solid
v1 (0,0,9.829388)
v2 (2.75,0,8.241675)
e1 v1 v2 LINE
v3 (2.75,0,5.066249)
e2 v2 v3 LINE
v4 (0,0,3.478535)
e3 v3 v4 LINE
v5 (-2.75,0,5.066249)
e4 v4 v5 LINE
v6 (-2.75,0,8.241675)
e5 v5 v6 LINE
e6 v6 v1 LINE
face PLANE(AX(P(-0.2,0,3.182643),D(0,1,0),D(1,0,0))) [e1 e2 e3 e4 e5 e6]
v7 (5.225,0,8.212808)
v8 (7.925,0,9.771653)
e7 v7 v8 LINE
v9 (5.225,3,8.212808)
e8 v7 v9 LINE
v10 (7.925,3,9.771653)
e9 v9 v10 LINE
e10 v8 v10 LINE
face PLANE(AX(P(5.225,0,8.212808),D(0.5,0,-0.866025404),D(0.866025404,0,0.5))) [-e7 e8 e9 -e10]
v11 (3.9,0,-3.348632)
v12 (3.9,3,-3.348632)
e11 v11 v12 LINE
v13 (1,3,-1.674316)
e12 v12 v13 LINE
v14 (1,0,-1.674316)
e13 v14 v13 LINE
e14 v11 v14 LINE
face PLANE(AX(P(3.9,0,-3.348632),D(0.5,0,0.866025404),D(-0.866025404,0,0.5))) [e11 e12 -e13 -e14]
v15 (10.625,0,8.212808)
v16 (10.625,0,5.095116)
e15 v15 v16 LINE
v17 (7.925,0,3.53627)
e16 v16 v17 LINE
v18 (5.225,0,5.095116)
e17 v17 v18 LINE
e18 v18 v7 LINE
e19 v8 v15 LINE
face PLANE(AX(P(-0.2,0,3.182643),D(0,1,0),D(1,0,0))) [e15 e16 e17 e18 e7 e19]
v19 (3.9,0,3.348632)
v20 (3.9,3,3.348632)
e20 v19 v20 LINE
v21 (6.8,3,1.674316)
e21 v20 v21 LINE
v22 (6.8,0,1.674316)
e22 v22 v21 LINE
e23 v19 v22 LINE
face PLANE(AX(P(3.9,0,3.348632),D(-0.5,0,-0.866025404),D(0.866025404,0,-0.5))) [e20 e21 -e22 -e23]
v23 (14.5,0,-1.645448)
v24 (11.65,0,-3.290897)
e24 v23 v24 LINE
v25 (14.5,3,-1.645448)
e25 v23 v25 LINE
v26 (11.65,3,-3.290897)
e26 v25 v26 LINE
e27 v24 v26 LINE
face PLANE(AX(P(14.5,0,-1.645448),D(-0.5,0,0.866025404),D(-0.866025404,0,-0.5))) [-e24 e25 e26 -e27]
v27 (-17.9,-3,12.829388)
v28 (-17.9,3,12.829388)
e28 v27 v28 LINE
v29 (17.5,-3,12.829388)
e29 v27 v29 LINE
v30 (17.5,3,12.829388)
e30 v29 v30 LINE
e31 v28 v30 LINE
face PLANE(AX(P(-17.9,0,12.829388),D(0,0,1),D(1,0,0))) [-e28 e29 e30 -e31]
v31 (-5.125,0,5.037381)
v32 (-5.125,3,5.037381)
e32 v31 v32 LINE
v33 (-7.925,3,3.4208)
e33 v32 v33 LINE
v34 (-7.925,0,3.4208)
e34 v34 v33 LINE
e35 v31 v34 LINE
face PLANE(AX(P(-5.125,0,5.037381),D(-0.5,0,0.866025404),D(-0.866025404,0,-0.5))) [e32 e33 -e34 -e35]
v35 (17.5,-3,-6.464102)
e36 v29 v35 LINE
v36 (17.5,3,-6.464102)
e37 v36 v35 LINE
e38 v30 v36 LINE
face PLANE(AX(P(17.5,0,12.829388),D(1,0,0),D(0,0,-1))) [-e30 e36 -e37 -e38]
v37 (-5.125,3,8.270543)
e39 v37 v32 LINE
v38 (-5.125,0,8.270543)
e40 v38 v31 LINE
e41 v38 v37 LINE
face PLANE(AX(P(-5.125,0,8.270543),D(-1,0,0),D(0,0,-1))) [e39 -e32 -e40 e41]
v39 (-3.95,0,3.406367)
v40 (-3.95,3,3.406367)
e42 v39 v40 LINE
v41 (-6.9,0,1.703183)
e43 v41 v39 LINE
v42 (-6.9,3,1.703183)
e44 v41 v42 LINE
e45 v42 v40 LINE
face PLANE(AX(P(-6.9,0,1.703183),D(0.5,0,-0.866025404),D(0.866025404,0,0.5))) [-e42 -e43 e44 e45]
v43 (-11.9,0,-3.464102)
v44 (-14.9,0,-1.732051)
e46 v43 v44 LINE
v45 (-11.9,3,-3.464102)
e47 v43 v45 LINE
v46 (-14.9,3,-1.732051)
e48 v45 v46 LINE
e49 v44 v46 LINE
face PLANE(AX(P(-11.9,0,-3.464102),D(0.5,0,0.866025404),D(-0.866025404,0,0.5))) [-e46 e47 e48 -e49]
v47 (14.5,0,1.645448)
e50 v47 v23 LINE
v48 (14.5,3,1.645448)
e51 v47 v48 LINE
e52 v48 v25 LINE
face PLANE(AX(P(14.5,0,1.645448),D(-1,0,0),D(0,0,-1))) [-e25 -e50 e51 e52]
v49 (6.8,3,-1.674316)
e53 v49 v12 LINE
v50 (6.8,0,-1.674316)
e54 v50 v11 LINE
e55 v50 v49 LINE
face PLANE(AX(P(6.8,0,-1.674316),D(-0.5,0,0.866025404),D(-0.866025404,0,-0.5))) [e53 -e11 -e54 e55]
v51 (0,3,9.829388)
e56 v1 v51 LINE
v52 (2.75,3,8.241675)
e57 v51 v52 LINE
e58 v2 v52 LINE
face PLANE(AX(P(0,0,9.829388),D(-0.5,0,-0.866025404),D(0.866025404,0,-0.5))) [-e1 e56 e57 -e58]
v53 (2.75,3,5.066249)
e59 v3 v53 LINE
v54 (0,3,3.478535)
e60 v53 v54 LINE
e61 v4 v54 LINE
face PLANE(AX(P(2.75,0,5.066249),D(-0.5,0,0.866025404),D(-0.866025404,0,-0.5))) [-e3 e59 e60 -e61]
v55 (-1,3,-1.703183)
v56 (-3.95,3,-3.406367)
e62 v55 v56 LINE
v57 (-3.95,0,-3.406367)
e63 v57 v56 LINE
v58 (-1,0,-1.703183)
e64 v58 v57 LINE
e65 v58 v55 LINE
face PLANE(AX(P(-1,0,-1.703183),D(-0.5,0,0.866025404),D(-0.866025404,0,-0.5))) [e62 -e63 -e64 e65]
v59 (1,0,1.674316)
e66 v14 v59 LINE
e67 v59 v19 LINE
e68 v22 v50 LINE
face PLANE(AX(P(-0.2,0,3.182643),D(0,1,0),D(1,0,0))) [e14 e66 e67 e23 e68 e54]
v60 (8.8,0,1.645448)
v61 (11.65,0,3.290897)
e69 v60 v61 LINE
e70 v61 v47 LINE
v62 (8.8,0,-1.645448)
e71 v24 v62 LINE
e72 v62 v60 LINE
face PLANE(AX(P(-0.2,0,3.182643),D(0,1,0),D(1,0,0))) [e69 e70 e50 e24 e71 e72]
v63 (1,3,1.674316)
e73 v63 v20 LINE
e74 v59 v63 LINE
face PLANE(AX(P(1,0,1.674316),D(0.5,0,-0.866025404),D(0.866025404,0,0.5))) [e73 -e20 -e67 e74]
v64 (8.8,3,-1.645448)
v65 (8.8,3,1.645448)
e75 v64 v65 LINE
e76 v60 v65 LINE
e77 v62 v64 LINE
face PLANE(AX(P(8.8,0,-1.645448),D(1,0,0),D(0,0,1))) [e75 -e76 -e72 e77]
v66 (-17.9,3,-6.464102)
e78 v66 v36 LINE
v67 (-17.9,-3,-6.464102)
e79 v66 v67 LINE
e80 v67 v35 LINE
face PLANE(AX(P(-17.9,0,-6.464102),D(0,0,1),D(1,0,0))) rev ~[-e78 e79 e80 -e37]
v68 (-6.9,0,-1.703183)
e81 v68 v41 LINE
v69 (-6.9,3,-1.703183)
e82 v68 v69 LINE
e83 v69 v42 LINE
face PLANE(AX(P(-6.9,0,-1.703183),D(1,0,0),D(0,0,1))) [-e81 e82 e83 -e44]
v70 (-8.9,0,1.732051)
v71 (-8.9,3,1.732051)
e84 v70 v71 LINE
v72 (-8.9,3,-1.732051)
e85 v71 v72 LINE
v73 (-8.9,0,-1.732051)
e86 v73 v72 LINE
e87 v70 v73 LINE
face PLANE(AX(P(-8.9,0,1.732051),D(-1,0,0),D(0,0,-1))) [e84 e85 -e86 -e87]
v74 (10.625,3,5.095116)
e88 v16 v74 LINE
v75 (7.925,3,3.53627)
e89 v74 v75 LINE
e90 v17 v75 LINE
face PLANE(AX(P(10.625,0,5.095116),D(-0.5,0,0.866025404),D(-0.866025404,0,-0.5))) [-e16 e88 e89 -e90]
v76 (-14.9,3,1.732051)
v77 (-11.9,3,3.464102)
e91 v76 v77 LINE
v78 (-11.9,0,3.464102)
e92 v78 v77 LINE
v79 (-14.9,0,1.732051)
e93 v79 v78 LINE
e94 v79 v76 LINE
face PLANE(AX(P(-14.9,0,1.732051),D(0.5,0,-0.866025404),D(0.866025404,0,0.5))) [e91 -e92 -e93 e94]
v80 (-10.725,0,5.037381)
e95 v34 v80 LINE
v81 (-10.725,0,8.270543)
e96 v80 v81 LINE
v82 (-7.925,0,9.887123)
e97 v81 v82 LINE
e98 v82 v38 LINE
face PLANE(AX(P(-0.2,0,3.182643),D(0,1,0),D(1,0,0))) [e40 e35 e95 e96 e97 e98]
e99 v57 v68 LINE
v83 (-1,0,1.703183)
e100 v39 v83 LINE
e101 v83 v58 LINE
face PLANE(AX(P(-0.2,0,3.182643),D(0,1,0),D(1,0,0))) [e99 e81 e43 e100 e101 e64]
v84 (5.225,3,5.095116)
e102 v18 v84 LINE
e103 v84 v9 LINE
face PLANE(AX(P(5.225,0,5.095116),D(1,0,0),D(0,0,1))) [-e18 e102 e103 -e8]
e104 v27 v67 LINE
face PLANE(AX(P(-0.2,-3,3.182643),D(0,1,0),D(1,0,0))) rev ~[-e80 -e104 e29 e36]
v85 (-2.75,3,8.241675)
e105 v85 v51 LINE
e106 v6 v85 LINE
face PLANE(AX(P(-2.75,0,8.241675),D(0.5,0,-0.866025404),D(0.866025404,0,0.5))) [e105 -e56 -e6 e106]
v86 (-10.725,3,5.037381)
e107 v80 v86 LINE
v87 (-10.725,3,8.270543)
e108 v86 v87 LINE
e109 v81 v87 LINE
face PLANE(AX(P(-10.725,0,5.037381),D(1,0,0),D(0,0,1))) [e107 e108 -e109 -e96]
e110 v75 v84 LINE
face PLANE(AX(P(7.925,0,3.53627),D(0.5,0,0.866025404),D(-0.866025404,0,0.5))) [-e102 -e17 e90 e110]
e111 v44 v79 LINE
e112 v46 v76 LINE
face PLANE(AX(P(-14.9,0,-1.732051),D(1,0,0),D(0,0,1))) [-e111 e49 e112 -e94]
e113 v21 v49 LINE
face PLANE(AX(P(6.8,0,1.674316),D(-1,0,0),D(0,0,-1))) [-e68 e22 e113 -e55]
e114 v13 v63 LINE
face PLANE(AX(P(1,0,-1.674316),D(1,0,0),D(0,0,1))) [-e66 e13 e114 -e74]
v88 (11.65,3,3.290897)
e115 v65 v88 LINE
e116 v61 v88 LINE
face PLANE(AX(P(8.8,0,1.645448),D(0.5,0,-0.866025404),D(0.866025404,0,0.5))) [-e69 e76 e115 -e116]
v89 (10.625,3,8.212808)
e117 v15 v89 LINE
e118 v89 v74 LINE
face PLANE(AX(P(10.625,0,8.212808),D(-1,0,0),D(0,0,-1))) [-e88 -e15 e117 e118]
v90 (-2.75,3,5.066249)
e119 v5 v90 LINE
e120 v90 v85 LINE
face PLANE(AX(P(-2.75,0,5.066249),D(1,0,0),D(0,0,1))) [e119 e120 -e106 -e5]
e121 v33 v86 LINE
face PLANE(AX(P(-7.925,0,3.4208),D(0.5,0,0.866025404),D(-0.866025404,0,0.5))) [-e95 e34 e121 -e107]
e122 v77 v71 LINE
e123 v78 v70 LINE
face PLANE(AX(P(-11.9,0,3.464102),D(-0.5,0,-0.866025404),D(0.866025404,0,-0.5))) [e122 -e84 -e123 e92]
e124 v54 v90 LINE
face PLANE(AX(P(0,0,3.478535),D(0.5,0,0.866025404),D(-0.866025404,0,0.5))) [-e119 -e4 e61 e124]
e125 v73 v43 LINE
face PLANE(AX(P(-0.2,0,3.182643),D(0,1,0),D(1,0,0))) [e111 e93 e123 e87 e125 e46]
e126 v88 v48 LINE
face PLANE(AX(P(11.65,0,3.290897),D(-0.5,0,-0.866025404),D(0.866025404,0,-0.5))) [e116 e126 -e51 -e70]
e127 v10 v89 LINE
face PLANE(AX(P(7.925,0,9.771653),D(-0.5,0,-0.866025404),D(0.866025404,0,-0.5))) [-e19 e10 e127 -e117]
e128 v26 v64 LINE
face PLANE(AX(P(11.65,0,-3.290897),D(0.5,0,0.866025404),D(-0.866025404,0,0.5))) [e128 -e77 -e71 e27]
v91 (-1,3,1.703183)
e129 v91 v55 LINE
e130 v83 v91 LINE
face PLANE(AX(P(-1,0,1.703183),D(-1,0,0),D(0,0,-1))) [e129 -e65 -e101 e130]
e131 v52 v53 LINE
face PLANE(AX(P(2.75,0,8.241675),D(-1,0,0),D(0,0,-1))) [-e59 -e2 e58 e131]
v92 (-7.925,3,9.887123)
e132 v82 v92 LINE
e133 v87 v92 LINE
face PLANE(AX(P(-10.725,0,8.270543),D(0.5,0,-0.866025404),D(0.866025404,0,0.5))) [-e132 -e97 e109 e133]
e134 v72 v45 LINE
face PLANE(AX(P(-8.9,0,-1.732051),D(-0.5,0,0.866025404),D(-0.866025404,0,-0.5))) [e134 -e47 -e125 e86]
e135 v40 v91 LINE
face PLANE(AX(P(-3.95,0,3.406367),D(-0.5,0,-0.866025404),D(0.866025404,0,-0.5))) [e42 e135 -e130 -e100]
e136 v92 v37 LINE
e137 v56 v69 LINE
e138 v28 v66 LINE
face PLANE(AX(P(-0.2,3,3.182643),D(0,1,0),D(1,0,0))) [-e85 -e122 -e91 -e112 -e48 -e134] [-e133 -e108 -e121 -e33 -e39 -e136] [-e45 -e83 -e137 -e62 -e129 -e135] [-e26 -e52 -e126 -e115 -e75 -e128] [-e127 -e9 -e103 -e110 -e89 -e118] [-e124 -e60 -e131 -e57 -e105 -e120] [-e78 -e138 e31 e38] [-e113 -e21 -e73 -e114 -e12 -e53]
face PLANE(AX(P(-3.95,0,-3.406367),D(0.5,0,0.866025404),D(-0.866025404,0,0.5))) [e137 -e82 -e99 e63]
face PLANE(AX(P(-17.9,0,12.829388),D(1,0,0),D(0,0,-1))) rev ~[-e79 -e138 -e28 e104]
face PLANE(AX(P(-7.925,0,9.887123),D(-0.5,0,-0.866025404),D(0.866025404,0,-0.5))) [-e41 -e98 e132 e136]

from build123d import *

# Parameters (mm, degrees)
SKETCH1_W           = 35.4
SKETCH1_H           = 19.293489948
BOSS_EXTRUDE1_DEPTH = 3
SKETCH1_2_W         = 35.4
SKETCH1_2_H         = 19.293489948
BOSS_EXTRUDE2_DEPTH = 3


with BuildPart() as part:
    # Sketch1 → Boss-Extrude1 (new body)
    with BuildSketch(Plane(origin=(0, 0, 0), x_dir=(1, 0, 0), z_dir=(0, 1, 0))):
        with Locations((-0.2, -3.182643359)):
            Rectangle(SKETCH1_W, SKETCH1_H)
        Polygon((-8.9, -1.732050808), (-8.9, 1.732050808), (-11.9, 3.464101615), (-14.9, 1.732050808), (-14.9, -1.732050808), (-11.9, -3.464101615), align=None, mode=Mode.SUBTRACT)
        Polygon((-1, -1.703183294), (-1, 1.703183294), (-3.95, 3.406366588), (-6.9, 1.703183294), (-6.9, -1.703183294), (-3.95, -3.406366588), align=None, mode=Mode.SUBTRACT)
        Polygon((6.8, -1.674315781), (6.8, 1.674315781), (3.9, 3.348631561), (1, 1.674315781), (1, -1.674315781), (3.9, -3.348631561), align=None, mode=Mode.SUBTRACT)
        Polygon((14.5, -1.645448267), (14.5, 1.645448267), (11.65, 3.290896534), (8.8, 1.645448267), (8.8, -1.645448267), (11.65, -3.290896534), align=None, mode=Mode.SUBTRACT)
        Polygon((-7.925, -3.420800345), (-10.725, -5.037381099), (-10.725, -8.270542606), (-7.925, -9.88712336), (-5.125, -8.270542606), (-5.125, -5.037381099), align=None, mode=Mode.SUBTRACT)
        Polygon((7.925, -3.536270399), (5.225, -5.095116126), (5.225, -8.212807579), (7.925, -9.771653306), (10.625, -8.212807579), (10.625, -5.095116126), align=None, mode=Mode.SUBTRACT)
        Polygon((0, -3.478535372), (-2.75, -5.066248612), (-2.75, -8.241675093), (0, -9.829388333), (2.75, -8.241675093), (2.75, -5.066248612), align=None, mode=Mode.SUBTRACT)
    extrude(amount=BOSS_EXTRUDE1_DEPTH)

    # Sketch1<2> → Boss-Extrude2 (add)
    with BuildSketch(Plane(origin=(0, 0, 0), x_dir=(1, 0, 0), z_dir=(0, 1, 0))):
        with Locations((-0.2, -3.182643359)):
            Rectangle(SKETCH1_2_W, SKETCH1_2_H)
    extrude(amount=-BOSS_EXTRUDE2_DEPTH)


solid = part.part
